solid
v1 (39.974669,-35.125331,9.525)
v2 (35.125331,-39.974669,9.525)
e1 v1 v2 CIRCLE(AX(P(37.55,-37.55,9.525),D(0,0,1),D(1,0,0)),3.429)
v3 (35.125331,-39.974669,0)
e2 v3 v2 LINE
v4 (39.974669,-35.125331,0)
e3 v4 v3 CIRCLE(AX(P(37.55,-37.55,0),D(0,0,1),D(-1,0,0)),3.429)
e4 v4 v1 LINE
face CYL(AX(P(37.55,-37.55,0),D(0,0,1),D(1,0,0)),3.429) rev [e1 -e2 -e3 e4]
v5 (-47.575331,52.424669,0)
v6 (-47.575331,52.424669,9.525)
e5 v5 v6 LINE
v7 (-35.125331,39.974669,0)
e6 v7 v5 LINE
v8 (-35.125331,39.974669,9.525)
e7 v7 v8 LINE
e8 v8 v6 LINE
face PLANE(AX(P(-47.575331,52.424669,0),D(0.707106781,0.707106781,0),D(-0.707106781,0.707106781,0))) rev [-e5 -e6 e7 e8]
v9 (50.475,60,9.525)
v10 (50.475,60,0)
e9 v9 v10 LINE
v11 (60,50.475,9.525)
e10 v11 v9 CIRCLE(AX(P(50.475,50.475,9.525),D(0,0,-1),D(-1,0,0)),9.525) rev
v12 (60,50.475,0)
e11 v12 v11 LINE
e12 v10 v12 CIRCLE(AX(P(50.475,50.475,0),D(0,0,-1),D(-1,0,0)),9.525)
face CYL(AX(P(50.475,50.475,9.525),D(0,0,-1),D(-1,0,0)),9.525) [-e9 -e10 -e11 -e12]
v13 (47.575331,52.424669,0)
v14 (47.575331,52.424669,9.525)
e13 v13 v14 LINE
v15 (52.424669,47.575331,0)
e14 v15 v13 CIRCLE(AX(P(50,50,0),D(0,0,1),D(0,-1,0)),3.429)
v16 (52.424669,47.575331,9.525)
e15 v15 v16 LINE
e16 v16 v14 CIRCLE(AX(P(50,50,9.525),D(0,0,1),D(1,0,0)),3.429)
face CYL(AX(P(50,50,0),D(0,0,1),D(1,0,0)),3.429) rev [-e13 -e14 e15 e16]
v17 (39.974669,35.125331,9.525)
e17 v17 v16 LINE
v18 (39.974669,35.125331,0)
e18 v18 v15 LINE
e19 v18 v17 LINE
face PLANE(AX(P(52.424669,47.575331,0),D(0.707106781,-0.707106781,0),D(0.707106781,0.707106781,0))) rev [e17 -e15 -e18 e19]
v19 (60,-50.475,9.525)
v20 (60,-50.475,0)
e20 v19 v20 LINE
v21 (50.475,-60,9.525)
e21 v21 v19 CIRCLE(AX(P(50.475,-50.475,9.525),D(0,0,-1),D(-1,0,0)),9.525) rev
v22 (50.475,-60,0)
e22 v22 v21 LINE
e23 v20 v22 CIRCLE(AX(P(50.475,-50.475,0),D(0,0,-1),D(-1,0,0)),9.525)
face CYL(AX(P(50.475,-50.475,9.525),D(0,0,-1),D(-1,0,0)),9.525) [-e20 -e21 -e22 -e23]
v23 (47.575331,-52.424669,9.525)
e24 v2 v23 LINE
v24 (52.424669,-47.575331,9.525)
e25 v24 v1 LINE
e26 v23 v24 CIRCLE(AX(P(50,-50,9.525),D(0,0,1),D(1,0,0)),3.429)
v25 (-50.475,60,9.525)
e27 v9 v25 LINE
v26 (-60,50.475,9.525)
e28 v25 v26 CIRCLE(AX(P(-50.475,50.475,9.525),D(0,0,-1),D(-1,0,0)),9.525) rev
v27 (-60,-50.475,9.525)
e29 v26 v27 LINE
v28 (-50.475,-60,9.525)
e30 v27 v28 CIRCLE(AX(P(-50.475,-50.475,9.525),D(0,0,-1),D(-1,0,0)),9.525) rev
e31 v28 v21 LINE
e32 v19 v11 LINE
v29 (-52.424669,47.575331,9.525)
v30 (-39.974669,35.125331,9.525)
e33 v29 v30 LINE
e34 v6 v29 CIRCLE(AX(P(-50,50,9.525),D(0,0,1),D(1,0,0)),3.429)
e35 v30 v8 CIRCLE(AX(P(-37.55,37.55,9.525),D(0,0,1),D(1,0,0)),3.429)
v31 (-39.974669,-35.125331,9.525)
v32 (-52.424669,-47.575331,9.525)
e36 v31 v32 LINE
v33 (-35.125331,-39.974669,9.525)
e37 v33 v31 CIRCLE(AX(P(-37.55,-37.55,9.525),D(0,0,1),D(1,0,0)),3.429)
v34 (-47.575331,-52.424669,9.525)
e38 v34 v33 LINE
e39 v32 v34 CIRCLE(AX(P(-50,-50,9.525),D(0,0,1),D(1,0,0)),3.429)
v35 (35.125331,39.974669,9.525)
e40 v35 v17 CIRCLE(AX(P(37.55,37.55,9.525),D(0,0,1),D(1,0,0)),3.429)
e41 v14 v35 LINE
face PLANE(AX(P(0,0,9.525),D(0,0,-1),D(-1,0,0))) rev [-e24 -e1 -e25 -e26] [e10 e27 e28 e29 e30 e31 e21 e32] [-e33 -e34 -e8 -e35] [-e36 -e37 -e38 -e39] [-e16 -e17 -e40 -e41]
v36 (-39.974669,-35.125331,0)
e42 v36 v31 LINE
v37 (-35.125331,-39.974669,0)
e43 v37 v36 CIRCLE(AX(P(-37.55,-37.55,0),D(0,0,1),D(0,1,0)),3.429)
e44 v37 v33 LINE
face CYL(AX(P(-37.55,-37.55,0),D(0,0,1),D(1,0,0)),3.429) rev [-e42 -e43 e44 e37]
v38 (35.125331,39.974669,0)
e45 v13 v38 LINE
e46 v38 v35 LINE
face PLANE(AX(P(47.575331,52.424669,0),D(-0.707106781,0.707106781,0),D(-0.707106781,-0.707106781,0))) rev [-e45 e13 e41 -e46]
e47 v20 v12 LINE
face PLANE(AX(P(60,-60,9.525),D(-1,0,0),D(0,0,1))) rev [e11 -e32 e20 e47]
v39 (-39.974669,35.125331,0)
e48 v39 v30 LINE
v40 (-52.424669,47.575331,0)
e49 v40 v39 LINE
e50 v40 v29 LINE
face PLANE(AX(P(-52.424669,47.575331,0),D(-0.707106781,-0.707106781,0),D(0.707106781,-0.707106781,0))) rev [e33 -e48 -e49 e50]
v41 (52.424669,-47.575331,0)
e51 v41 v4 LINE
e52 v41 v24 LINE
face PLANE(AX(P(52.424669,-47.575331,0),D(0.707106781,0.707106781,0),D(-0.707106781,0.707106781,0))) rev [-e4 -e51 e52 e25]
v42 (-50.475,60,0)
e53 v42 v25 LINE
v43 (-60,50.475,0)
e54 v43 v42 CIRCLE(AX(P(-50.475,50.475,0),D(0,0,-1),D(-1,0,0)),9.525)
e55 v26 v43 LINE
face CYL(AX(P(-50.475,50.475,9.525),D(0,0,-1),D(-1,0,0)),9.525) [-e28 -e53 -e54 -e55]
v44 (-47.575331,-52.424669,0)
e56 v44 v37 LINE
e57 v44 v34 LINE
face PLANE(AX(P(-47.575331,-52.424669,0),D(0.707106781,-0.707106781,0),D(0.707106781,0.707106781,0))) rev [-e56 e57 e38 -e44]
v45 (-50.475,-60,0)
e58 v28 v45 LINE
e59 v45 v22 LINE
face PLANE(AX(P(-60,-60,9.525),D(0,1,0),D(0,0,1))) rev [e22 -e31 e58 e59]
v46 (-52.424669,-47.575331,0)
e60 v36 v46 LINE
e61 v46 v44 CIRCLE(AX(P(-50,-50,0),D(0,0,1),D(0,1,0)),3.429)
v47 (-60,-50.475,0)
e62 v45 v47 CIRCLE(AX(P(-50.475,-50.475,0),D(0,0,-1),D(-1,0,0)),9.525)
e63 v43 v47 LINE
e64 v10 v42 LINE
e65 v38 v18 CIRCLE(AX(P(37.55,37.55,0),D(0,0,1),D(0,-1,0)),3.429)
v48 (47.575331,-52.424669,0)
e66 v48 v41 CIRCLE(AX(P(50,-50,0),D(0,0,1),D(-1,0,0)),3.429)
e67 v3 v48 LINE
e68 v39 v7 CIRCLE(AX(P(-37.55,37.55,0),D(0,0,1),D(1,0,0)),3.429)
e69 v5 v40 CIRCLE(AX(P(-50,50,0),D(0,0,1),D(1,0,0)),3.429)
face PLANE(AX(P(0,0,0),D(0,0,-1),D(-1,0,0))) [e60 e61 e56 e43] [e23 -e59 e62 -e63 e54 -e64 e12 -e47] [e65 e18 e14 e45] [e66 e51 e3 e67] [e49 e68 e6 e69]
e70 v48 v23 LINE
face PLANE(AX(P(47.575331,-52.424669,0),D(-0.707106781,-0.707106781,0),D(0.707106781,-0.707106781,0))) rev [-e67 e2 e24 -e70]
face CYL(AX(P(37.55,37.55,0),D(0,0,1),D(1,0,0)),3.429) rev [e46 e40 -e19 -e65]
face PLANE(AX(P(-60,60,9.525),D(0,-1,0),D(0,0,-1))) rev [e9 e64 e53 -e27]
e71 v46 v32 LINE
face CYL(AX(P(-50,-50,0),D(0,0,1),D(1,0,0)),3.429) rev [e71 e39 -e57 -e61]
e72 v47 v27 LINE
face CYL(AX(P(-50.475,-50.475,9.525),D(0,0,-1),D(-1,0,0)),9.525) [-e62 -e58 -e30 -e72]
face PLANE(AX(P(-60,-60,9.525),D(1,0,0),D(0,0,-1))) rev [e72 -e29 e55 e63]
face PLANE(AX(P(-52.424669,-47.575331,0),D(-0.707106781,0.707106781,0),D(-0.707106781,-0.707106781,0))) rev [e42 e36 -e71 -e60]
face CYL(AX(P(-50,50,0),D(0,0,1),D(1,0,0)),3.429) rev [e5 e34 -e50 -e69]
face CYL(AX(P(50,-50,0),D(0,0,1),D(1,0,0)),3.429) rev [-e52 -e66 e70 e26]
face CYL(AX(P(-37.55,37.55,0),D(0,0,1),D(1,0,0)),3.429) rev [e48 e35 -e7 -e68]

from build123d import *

# Parameters (mm, degrees)
SKETCH2_W           = 120
SKETCH2_H           = 120
BOSS_EXTRUDE1_DEPTH = 9.525
CUT_EXTRUDE1_START  = -10.525
CUT_EXTRUDE1_DEPTH  = 11.525
CIRPATTERN1_COUNT   = 4
FILLET1_R           = 9.525


with BuildPart() as part:
    # Sketch2 → Boss-Extrude1 (new body)
    with BuildSketch(Plane.XY):
        Rectangle(SKETCH2_W, SKETCH2_H)
    extrude(amount=BOSS_EXTRUDE1_DEPTH)

    # Sketch3 → Cut-Extrude1 (cut)
    with BuildSketch(Plane.XY.offset(9.525).offset(CUT_EXTRUDE1_START)):
        with BuildLine():
            Line((-47.575330847, 52.424669153), (-35.125330847, 39.974669153))
            ThreePointArc((-35.125330847, 39.974669153), (-35.125330847, 35.125330847), (-39.974669153, 35.125330847))
            Line((-39.974669153, 35.125330847), (-52.424669153, 47.575330847))
            ThreePointArc((-52.424669153, 47.575330847), (-52.424669153, 52.424669153), (-47.575330847, 52.424669153))
        make_face()
    cut_extrude1 = extrude(amount=CUT_EXTRUDE1_DEPTH, mode=Mode.SUBTRACT)

    # CirPattern1: Cut-Extrude1 ×4 about axis
    cirpattern1_axis = Axis((0, 0, 0), (0, 0, 1))
    for i in range(1, CIRPATTERN1_COUNT):
        add(cut_extrude1.rotate(cirpattern1_axis, i * 360 / CIRPATTERN1_COUNT), mode=Mode.SUBTRACT)

    # Fillet1
    fillet1_edges = [part.edges().sort_by_distance(p)[0] for p in [
        (60, -60, 4.7625),
        (-60, -60, 4.7625),
        (-60, 60, 4.7625),
        (60, 60, 4.7625),
    ]]
    fillet(fillet1_edges, radius=FILLET1_R)


solid = part.part
